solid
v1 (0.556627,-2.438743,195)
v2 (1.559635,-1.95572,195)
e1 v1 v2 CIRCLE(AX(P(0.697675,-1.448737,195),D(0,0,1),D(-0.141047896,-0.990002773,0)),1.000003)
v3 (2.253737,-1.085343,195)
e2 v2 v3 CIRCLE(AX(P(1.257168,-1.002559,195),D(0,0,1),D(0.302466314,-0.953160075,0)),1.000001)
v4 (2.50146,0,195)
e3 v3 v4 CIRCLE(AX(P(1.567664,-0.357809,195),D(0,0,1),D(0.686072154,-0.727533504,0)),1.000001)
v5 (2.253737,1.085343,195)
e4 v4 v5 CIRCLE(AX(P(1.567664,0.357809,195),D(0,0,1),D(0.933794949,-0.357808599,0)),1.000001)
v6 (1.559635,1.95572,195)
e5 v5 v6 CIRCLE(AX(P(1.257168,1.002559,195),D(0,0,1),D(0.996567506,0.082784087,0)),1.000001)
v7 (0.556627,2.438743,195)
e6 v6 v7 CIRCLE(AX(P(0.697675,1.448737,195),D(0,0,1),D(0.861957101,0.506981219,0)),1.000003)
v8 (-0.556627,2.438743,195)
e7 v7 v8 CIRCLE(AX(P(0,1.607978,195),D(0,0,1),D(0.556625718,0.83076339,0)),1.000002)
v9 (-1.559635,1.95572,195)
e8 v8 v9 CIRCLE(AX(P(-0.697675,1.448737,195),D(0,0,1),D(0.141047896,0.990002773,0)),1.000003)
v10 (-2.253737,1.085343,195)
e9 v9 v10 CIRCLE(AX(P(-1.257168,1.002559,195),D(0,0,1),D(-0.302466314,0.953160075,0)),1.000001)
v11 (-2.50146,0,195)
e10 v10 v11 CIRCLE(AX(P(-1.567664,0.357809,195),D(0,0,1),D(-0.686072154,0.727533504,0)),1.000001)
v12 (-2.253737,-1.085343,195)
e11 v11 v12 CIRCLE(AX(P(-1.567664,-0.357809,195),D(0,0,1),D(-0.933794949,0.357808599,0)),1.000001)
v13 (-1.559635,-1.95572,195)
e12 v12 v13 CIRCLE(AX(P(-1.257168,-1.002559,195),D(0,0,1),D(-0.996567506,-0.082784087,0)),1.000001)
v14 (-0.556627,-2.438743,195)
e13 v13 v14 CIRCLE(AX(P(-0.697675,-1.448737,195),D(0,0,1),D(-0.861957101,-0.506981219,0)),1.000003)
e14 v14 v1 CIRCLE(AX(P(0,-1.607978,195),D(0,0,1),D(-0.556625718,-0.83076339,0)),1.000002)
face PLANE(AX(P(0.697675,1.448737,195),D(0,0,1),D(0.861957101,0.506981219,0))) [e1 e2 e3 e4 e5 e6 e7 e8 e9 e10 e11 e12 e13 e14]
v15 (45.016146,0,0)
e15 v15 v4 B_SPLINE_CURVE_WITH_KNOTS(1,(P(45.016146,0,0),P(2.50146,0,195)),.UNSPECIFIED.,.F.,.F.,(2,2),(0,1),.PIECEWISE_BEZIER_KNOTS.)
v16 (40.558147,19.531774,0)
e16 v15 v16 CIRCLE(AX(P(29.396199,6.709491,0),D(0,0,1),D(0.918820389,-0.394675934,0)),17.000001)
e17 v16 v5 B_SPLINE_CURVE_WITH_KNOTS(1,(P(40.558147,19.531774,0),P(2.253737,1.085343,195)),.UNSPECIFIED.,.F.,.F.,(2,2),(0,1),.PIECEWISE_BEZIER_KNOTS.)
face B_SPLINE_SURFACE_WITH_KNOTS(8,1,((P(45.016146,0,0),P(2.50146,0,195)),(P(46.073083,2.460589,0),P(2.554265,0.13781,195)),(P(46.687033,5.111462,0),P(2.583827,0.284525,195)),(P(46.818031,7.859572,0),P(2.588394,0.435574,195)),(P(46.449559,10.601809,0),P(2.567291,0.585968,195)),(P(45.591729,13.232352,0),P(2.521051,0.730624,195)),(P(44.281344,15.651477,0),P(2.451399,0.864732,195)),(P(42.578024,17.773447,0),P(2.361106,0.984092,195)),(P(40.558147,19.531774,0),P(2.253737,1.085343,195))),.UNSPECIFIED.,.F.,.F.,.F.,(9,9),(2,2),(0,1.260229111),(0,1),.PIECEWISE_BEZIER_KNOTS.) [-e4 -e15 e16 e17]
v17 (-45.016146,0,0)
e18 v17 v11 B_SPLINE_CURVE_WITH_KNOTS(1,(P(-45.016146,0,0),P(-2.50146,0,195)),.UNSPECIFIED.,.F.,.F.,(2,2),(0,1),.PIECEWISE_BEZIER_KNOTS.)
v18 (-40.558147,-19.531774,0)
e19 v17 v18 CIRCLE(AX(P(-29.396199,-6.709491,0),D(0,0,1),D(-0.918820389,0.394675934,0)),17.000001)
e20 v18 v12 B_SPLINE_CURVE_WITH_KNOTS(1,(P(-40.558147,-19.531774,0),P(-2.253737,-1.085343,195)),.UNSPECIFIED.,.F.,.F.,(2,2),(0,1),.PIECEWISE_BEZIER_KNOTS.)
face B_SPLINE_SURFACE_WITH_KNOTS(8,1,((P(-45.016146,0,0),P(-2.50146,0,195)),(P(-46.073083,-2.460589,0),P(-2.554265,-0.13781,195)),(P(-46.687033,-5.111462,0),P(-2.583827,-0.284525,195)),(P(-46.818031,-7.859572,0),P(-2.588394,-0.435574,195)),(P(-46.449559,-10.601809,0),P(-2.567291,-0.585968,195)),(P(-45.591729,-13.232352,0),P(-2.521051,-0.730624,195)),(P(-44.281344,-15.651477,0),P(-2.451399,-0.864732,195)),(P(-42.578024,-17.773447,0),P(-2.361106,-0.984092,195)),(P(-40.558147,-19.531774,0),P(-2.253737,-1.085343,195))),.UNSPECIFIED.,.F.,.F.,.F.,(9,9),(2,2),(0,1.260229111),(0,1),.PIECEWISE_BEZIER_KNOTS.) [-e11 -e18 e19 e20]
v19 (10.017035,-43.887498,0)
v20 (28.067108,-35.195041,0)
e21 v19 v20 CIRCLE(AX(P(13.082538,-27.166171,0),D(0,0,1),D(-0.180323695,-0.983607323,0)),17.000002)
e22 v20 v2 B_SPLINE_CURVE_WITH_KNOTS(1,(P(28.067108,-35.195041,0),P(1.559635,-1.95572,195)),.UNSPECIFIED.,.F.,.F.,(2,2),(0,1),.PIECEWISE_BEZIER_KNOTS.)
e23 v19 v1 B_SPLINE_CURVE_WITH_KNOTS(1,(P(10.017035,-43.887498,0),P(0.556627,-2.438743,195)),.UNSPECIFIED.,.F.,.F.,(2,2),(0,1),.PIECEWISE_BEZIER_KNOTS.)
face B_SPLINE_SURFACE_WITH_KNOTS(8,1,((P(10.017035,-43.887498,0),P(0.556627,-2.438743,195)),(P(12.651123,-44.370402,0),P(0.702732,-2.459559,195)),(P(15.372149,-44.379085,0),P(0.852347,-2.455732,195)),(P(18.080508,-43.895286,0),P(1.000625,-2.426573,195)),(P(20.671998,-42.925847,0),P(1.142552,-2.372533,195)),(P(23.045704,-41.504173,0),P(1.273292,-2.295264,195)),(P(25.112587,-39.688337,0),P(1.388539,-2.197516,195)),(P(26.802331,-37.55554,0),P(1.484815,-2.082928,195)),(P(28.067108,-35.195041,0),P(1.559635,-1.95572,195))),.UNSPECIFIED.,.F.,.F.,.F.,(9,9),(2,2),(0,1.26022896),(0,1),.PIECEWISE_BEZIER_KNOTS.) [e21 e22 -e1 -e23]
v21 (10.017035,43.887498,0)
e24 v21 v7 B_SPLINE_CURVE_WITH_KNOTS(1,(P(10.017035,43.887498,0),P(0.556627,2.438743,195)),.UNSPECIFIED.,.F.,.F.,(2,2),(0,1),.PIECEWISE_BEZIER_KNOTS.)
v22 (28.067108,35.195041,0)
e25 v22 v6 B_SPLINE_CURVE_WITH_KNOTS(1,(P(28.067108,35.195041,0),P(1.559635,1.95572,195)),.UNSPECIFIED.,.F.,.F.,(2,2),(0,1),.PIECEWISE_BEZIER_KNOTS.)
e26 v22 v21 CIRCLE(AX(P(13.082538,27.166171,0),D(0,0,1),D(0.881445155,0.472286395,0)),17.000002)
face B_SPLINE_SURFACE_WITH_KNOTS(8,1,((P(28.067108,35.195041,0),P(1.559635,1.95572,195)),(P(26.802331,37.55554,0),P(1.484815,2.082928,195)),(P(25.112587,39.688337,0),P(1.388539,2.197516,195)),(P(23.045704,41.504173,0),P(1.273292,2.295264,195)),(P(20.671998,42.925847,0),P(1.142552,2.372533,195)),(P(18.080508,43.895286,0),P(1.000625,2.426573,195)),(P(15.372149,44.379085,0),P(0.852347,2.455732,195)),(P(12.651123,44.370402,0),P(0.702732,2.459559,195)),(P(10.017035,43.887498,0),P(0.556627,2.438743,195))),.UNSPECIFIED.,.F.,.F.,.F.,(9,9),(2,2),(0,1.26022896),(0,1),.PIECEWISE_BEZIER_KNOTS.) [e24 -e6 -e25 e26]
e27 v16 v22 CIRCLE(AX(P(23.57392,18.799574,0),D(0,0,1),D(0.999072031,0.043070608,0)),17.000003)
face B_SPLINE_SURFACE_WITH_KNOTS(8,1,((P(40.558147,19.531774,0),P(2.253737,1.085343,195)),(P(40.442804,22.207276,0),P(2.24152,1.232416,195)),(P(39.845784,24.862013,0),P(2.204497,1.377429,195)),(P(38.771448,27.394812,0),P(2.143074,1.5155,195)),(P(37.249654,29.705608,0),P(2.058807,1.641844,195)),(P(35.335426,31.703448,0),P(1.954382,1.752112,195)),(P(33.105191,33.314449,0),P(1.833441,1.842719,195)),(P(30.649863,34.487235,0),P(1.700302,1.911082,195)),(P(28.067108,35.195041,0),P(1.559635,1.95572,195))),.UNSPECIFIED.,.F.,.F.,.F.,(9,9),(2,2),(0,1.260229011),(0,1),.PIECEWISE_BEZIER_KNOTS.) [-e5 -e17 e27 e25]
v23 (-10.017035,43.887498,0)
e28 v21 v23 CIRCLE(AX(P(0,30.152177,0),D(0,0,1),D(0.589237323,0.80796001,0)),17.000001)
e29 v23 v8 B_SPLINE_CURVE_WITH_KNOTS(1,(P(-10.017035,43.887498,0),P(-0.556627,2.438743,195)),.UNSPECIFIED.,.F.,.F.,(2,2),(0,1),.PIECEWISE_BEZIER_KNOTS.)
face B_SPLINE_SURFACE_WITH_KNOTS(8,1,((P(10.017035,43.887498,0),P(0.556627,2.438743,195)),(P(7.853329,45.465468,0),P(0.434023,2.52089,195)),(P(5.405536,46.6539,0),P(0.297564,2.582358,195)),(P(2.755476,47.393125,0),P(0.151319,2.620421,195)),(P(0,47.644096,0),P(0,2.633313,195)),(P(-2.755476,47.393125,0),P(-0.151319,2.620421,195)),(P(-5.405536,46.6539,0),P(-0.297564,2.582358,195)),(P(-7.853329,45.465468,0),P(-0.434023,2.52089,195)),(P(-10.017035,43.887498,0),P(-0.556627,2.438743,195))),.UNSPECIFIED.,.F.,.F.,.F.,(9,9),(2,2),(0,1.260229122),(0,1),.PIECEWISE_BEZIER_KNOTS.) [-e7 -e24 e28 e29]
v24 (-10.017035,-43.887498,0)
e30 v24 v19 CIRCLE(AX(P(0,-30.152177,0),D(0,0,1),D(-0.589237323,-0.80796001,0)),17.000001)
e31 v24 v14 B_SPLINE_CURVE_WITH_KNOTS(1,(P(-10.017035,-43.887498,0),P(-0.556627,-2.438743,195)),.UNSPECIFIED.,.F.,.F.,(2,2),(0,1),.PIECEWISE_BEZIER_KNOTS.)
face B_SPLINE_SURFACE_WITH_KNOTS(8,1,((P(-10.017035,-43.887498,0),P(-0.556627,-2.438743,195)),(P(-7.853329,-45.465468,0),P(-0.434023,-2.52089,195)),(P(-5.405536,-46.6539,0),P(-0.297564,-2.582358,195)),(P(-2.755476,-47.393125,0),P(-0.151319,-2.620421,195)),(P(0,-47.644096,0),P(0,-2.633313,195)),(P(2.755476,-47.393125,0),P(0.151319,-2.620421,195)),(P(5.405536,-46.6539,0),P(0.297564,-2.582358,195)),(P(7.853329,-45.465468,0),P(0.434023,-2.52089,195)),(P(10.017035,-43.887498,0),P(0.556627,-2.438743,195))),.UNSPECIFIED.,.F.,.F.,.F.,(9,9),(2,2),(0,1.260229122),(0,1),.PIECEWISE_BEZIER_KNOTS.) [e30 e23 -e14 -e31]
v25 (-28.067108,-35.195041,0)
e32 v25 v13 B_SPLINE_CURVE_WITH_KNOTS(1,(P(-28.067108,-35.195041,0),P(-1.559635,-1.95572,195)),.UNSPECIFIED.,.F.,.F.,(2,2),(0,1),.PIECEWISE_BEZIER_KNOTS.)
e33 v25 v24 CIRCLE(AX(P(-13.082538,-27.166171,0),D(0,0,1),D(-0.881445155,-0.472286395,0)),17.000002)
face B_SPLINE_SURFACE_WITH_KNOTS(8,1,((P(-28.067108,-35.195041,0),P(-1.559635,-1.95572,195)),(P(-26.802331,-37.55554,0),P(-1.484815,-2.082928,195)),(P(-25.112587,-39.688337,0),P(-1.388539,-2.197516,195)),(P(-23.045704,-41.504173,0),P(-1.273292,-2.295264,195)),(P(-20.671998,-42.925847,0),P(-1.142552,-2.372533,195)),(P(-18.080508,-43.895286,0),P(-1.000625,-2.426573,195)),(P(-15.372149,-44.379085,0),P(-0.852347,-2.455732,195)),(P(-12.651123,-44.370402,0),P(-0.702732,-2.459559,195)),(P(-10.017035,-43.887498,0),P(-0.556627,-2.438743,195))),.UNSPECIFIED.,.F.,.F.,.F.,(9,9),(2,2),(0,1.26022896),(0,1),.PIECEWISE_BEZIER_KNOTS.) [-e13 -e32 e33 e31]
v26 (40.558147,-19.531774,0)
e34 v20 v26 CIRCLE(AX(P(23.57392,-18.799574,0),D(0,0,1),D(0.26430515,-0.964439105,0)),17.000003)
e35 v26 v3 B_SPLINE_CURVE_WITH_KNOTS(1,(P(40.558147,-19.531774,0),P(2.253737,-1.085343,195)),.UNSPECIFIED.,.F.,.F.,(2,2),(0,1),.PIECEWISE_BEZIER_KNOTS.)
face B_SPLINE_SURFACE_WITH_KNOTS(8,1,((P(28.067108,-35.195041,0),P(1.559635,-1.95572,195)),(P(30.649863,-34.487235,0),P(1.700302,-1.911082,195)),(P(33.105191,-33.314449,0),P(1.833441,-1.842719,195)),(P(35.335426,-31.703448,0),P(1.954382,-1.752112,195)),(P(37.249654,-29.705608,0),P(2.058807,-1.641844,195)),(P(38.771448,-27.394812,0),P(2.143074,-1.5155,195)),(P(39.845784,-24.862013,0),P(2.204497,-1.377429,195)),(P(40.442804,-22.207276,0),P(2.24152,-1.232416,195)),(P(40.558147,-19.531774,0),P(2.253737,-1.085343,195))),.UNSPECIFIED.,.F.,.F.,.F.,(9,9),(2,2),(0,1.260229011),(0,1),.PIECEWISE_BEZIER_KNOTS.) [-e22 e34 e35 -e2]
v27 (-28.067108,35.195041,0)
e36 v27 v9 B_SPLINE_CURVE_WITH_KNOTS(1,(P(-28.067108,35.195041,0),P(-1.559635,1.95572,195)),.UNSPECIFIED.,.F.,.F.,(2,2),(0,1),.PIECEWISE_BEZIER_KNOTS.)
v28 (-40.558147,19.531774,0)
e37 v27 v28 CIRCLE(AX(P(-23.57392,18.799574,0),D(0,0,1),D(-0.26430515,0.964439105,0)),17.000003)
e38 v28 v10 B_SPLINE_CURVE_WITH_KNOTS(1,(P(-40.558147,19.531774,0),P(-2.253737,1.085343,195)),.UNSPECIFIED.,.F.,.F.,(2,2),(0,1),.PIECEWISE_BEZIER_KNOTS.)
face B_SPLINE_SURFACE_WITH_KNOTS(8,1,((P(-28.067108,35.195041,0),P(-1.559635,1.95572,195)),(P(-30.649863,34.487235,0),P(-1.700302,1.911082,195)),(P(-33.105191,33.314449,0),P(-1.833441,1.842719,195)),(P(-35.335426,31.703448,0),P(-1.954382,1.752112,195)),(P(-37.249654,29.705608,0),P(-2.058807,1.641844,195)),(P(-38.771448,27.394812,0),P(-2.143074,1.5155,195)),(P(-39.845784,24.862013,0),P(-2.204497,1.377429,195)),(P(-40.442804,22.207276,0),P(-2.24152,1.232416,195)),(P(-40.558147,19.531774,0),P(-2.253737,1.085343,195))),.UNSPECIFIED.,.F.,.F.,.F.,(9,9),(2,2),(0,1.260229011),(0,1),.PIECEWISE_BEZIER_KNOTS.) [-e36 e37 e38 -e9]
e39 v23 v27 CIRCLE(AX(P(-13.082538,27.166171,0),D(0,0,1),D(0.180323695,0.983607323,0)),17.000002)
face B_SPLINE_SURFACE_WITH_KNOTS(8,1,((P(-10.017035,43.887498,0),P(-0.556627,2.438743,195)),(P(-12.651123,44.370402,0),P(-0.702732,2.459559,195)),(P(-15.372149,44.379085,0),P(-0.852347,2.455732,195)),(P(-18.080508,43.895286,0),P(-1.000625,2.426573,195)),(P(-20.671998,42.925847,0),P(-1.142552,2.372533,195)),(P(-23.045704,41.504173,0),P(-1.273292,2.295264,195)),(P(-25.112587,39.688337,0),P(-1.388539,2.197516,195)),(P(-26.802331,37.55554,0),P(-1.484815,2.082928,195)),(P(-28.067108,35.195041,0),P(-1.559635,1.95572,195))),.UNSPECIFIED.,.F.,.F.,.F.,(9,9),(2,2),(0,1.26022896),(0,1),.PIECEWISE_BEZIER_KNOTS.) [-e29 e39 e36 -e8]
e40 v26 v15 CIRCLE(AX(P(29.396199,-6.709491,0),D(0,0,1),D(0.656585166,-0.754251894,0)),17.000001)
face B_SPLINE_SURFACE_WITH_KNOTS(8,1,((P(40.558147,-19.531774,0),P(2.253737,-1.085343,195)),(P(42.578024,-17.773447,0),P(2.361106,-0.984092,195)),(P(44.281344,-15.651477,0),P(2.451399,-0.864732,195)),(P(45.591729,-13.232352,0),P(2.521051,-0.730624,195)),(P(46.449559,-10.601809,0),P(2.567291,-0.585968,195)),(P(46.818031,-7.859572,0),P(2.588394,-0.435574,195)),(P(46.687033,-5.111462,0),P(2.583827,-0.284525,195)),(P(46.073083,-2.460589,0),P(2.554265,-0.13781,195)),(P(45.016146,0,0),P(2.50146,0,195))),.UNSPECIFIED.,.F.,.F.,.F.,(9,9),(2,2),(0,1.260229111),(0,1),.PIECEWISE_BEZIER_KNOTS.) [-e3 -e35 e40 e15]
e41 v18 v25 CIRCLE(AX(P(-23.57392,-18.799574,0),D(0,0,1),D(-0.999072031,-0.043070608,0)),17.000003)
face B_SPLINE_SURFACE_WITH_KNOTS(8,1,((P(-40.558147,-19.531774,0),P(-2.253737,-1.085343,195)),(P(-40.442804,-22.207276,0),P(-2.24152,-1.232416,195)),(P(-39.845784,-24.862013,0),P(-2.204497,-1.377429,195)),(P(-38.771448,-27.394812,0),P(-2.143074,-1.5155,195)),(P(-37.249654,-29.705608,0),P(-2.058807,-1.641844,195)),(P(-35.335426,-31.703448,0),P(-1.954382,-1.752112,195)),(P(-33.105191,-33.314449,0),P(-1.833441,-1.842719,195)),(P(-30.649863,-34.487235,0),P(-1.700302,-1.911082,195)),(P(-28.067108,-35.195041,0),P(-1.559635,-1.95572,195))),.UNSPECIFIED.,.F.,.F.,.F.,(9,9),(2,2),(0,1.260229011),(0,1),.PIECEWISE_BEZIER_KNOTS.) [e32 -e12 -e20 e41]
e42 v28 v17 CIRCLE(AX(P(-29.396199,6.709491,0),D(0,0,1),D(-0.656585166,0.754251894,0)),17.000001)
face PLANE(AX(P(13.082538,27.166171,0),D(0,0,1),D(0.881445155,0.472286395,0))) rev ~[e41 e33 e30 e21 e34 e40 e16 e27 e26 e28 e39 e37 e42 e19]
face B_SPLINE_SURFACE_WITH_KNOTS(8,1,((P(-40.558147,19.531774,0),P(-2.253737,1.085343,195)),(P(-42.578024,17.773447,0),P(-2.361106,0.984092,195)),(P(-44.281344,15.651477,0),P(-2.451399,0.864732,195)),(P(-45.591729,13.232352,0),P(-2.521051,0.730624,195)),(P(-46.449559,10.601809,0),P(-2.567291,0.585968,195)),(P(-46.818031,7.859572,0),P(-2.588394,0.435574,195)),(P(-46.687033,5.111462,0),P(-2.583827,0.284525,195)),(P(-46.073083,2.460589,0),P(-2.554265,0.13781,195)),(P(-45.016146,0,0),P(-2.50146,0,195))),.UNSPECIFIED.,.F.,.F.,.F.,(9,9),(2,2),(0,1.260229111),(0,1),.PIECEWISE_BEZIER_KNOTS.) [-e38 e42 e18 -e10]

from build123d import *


with BuildPart() as f3:
    # F0 (on Top) → F3 section 0
    with BuildSketch(Plane.XY):
        with BuildLine():
            ThreePointArc((28.067108, 35.195041), (20.458563, 42.482644), (10.017035, 43.887498))
            ThreePointArc((10.017035, 43.887498), (0, 47.152178), (-10.017035, 43.887498))
            ThreePointArc((-10.017035, 43.887498), (-20.458563, 42.482644), (-28.067108, 35.195041))
            ThreePointArc((-28.067108, 35.195041), (-36.865057, 29.398902), (-40.558147, 19.531774))
            ThreePointArc((-40.558147, 19.531774), (-45.969974, 10.492347), (-45.016146, 0))
            ThreePointArc((-45.016146, 0), (-45.969974, -10.492347), (-40.558147, -19.531774))
            ThreePointArc((-40.558147, -19.531774), (-36.865057, -29.398902), (-28.067108, -35.195041))
            ThreePointArc((-28.067108, -35.195041), (-20.458563, -42.482644), (-10.017035, -43.887498))
            ThreePointArc((-10.017035, -43.887498), (0, -47.152178), (10.017035, -43.887498))
            ThreePointArc((10.017035, -43.887498), (20.458563, -42.482644), (28.067108, -35.195041))
            ThreePointArc((28.067108, -35.195041), (36.865057, -29.398902), (40.558147, -19.531774))
            ThreePointArc((40.558147, -19.531774), (45.969974, -10.492347), (45.016146, 0))
            ThreePointArc((45.016146, 0), (45.969974, 10.492347), (40.558147, 19.531774))
            ThreePointArc((40.558147, 19.531774), (36.865057, 29.398902), (28.067108, 35.195041))
        make_face()
    # F2 (on offset) → F3 section 1
    with BuildSketch(Plane.XY.offset(195)):
        with BuildLine():
            ThreePointArc((1.559635, 1.95572), (1.13156, 2.349709), (0.556627, 2.438743))
            ThreePointArc((0.556627, 2.438743), (0, 2.60798), (-0.556627, 2.438743))
            ThreePointArc((-0.556627, 2.438743), (-1.13156, 2.349709), (-1.559635, 1.95572))
            ThreePointArc((-1.559635, 1.95572), (-2.039001, 1.626049), (-2.253737, 1.085343))
            ThreePointArc((-2.253737, 1.085343), (-2.542593, 0.58033), (-2.50146, 0))
            ThreePointArc((-2.50146, 0), (-2.542593, -0.58033), (-2.253737, -1.085343))
            ThreePointArc((-2.253737, -1.085343), (-2.039001, -1.626049), (-1.559635, -1.95572))
            ThreePointArc((-1.559635, -1.95572), (-1.13156, -2.349709), (-0.556627, -2.438743))
            ThreePointArc((-0.556627, -2.438743), (0, -2.60798), (0.556627, -2.438743))
            ThreePointArc((0.556627, -2.438743), (1.13156, -2.349709), (1.559635, -1.95572))
            ThreePointArc((1.559635, -1.95572), (2.039001, -1.626049), (2.253737, -1.085343))
            ThreePointArc((2.253737, -1.085343), (2.542593, -0.58033), (2.50146, 0))
            ThreePointArc((2.50146, 0), (2.542593, 0.58033), (2.253737, 1.085343))
            ThreePointArc((2.253737, 1.085343), (2.039001, 1.626049), (1.559635, 1.95572))
        make_face()
    loft()


solid = f3.part
